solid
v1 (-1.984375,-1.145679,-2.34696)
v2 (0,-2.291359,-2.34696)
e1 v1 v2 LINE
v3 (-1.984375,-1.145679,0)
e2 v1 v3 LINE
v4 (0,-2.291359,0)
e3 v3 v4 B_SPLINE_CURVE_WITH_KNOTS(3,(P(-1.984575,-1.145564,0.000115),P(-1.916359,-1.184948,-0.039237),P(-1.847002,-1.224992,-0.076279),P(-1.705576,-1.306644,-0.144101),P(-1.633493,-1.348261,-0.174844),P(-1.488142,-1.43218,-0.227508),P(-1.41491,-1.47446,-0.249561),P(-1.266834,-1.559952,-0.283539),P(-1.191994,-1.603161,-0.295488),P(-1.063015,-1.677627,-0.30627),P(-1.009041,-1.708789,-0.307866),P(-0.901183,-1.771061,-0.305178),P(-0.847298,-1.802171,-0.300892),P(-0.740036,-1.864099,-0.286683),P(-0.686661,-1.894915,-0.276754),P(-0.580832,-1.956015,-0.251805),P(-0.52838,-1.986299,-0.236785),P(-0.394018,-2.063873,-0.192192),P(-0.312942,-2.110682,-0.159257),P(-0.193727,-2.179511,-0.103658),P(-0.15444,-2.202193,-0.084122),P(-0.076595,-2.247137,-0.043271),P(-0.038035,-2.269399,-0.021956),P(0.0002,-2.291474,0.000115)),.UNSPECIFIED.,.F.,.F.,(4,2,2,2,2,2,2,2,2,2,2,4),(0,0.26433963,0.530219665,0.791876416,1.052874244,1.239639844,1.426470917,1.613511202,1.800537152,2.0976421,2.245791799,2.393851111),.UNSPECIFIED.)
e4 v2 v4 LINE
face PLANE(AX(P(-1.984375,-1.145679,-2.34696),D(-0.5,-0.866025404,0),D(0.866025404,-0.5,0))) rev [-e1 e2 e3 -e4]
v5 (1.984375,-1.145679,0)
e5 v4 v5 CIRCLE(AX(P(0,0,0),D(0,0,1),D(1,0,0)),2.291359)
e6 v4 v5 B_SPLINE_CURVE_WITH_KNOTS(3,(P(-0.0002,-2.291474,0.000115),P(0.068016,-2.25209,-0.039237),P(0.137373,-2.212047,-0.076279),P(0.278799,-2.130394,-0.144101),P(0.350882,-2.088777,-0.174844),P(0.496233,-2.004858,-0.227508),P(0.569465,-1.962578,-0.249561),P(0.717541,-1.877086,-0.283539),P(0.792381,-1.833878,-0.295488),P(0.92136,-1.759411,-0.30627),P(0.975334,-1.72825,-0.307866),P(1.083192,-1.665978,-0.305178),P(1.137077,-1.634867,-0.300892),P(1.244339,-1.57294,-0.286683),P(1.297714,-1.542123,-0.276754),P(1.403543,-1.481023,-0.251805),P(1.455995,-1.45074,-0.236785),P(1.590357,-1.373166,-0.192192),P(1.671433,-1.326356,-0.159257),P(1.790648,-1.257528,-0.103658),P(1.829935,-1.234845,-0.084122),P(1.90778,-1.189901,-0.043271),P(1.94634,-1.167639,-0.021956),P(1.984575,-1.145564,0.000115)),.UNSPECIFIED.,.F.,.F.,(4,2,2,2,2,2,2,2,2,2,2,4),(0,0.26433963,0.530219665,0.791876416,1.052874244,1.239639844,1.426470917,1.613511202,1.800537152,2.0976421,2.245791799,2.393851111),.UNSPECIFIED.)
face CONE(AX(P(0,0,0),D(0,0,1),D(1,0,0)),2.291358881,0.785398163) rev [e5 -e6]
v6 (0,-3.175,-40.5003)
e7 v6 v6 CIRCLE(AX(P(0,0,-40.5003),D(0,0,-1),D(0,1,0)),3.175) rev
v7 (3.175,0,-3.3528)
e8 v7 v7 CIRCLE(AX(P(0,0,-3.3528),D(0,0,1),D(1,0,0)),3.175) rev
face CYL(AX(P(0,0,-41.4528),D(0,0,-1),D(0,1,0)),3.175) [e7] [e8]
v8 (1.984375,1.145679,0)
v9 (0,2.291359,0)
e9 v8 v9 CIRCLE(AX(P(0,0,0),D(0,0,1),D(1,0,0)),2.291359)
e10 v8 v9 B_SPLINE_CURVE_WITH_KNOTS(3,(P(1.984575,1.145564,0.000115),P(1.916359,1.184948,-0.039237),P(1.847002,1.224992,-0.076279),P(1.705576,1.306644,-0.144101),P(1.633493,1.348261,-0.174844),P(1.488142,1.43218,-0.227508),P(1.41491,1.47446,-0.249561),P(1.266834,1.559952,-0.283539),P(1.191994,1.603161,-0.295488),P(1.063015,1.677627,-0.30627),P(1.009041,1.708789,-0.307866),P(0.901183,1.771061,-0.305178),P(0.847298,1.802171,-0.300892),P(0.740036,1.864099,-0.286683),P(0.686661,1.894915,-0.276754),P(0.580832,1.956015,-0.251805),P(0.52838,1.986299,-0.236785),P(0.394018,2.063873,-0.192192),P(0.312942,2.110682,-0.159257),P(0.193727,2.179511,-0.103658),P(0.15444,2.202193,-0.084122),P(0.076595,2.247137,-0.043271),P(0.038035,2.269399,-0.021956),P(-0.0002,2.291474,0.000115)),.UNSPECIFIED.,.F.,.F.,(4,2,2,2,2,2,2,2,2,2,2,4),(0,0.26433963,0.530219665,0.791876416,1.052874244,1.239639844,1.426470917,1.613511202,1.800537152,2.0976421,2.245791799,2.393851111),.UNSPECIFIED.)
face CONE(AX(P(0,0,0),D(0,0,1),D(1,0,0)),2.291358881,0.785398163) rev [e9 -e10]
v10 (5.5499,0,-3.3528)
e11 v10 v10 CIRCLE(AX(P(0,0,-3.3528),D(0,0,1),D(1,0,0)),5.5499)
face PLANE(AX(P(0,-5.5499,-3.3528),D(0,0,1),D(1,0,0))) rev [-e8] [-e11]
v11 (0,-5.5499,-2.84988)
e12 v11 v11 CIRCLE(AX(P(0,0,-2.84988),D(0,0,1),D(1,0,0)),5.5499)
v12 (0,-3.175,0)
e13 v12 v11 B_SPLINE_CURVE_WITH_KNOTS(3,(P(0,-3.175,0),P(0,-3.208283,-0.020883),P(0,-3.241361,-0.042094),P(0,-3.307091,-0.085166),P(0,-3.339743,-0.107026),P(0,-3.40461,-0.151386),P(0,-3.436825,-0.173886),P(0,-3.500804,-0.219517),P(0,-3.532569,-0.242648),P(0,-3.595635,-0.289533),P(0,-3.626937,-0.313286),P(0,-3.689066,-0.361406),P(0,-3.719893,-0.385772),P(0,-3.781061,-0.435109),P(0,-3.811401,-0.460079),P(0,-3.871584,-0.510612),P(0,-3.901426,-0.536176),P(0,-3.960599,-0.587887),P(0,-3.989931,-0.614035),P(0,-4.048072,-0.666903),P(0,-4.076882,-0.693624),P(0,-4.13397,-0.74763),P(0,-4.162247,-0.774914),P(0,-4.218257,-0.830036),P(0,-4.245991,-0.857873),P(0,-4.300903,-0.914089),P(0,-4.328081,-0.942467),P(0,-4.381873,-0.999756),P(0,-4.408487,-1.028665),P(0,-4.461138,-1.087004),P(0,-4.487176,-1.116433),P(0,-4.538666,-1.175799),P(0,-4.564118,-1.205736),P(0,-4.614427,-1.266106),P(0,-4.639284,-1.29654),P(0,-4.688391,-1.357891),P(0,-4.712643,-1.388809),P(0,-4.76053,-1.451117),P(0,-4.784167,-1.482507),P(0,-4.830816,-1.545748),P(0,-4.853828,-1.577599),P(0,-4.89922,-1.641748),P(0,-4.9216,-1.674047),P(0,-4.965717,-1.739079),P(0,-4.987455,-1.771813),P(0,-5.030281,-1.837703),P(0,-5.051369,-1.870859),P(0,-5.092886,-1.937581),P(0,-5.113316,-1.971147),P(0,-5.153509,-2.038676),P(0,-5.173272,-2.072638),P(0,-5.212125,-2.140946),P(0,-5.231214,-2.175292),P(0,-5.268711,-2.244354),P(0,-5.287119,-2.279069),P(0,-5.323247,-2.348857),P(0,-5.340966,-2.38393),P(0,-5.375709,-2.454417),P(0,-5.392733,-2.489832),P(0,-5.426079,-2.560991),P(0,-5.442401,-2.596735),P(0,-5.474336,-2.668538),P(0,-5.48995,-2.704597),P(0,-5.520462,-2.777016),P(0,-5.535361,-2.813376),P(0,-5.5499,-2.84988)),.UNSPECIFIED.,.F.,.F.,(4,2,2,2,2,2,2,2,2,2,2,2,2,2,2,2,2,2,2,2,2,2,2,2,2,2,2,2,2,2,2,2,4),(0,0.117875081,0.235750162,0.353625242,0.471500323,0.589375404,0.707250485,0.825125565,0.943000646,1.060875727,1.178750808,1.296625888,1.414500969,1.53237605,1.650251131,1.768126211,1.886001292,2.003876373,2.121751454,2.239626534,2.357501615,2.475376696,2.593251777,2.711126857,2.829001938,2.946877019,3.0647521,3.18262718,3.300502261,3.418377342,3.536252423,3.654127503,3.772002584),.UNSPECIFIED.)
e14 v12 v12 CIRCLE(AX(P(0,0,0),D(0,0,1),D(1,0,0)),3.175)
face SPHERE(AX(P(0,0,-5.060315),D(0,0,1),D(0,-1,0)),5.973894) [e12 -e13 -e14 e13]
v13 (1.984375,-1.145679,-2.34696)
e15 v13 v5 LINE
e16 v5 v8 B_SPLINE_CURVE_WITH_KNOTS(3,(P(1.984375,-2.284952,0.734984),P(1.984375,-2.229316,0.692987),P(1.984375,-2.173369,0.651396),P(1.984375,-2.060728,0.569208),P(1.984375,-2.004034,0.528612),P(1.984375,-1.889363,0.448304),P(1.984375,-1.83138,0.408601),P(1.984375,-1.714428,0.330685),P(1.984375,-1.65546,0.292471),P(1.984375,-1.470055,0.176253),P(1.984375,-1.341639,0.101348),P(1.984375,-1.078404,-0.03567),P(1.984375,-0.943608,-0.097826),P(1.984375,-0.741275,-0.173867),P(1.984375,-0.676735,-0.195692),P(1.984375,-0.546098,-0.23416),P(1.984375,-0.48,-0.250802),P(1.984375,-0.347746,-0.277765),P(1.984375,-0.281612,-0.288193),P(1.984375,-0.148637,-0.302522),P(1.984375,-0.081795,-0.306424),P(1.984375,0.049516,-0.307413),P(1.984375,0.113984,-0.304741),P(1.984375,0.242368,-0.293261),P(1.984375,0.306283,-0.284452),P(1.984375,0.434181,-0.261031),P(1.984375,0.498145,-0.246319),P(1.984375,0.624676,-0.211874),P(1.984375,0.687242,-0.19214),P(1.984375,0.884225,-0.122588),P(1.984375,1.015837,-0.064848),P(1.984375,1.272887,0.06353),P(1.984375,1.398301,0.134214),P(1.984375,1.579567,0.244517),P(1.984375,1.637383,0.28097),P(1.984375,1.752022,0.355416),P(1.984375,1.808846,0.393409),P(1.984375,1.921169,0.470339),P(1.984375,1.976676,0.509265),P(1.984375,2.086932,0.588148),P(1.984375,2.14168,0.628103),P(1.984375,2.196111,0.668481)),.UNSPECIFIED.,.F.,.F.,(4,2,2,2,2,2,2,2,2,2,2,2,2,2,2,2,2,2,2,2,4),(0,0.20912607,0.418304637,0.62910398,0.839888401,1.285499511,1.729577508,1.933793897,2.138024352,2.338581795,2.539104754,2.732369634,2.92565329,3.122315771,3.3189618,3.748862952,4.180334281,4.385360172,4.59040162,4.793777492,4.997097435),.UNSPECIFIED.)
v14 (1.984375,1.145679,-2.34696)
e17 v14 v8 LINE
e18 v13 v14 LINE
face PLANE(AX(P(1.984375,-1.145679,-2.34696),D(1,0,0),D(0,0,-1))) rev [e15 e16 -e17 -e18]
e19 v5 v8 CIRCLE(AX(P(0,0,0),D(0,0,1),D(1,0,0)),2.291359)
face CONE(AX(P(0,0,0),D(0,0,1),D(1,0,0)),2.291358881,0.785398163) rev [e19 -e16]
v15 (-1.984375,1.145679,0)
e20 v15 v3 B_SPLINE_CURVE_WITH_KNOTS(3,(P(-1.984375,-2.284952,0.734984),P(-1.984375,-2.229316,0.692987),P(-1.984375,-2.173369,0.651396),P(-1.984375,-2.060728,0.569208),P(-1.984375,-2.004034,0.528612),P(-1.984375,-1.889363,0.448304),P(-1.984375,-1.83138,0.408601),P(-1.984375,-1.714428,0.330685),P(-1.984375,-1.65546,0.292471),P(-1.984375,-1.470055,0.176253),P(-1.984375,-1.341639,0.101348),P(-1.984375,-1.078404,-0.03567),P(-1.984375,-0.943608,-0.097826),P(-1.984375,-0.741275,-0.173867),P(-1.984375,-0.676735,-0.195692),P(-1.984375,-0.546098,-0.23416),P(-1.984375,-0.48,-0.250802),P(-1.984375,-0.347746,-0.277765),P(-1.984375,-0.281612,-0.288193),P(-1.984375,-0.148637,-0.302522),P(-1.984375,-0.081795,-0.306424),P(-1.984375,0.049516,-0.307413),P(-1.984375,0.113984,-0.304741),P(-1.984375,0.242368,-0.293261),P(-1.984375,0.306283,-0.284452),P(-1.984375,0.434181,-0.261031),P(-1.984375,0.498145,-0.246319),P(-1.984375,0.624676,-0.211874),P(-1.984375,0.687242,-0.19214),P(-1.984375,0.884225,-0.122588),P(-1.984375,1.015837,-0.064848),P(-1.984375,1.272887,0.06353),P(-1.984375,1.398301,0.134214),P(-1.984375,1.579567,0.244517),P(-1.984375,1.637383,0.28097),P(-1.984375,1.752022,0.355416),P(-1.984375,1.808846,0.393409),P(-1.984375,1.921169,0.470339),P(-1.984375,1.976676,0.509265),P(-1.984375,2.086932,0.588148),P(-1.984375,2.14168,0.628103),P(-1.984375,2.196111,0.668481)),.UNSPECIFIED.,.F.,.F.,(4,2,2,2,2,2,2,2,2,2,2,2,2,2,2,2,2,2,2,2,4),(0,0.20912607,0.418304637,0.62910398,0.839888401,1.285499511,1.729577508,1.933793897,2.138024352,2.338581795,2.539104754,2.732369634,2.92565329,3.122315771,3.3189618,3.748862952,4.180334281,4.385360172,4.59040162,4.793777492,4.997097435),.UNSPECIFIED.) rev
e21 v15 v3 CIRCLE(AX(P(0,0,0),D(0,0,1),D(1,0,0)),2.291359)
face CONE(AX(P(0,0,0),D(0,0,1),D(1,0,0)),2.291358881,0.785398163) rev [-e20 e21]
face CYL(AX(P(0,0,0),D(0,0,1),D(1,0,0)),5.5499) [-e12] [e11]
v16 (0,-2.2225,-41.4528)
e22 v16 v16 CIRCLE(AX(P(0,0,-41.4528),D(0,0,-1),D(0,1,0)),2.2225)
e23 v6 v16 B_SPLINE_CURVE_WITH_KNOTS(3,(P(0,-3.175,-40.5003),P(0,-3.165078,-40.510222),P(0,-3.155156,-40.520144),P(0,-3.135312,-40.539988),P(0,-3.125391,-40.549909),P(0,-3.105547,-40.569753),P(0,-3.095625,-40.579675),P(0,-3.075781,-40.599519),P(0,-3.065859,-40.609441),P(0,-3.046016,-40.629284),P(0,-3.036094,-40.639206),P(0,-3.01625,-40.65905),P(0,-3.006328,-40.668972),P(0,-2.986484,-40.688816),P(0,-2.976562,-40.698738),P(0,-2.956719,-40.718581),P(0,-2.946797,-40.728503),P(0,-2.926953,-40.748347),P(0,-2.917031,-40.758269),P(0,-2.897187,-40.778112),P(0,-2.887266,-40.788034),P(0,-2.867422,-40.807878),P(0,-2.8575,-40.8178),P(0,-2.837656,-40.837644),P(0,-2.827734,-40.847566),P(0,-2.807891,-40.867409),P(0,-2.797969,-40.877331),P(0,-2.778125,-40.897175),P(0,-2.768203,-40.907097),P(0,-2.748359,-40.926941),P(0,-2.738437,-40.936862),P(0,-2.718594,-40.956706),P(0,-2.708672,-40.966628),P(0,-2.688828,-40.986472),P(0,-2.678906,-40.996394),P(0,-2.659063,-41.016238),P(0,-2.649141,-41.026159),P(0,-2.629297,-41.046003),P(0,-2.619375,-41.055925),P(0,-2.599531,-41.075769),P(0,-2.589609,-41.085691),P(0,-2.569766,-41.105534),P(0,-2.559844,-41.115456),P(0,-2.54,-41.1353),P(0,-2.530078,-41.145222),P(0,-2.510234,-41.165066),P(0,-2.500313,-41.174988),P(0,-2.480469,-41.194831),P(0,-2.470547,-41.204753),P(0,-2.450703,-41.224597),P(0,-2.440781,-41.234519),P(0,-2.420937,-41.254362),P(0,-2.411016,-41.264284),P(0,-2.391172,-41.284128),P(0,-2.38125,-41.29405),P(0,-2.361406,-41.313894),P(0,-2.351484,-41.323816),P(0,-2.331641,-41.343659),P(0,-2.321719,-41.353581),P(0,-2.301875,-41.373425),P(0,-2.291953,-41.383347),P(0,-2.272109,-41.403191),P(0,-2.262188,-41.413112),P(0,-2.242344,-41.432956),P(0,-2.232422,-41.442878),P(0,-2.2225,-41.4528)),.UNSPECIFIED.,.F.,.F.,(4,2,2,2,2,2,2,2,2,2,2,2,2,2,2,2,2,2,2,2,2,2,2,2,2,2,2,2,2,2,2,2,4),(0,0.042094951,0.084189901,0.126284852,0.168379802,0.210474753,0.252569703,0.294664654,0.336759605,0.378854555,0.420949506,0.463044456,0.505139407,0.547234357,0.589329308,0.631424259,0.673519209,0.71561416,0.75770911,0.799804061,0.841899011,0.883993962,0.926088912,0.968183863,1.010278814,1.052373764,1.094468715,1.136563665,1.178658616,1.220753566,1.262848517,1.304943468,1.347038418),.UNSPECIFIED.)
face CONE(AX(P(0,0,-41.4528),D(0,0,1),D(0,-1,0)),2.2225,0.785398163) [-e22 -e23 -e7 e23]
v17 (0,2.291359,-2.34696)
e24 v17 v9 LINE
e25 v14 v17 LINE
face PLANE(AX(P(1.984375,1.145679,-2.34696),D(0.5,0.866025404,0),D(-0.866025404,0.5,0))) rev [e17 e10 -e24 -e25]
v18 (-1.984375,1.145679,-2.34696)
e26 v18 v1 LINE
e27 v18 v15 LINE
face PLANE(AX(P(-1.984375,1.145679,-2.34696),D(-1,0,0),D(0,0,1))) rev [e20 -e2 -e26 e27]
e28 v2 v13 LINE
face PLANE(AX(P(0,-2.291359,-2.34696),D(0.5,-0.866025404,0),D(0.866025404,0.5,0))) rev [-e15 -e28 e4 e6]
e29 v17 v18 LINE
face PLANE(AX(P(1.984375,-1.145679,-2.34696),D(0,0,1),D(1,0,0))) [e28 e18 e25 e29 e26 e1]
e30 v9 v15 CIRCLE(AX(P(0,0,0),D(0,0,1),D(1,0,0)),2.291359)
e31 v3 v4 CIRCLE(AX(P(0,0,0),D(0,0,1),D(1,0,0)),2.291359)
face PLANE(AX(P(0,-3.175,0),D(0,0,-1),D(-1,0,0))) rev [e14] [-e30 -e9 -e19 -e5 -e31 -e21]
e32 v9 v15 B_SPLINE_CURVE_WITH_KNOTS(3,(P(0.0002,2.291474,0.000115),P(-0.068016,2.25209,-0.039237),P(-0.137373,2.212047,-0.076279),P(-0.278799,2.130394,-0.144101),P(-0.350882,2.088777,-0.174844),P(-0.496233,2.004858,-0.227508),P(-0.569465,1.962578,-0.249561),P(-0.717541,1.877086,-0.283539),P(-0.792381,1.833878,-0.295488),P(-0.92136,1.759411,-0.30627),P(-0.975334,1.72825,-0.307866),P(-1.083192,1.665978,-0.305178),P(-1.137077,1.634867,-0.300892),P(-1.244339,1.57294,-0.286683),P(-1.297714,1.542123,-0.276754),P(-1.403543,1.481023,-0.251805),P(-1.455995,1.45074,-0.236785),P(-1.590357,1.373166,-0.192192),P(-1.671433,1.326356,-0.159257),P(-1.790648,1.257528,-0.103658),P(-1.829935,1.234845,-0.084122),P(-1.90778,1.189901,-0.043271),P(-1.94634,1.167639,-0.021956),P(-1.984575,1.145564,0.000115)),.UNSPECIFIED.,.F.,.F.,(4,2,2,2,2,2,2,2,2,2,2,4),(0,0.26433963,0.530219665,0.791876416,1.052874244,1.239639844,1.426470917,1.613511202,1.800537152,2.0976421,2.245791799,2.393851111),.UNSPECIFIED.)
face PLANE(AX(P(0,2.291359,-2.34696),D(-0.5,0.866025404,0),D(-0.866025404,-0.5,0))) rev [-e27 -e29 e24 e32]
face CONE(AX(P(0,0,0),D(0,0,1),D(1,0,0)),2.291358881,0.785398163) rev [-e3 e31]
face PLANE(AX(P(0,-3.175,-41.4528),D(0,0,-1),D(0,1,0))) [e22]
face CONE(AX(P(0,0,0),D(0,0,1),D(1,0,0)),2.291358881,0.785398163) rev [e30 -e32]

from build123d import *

# Parameters (mm, degrees)
SKETCH1_W          = 38.1
SKETCH1_H          = 3.175
CHAMFER1_SIZE      = 0.9525
CUT_EXTRUDE2_DEPTH = 2.34696


with BuildPart() as part:
    # Sketch1 → Revolve1 (revolve)
    with BuildSketch(Plane(origin=(0, 0, 0), x_dir=(0, 0, -1), z_dir=(1, 0, 0))):
        with Locations((22.4028, 1.5875)):
            Rectangle(SKETCH1_W, SKETCH1_H)
    revolve(axis=Axis((0, 0, -41.4528), (0, 0, 1)))

    # Chamfer1
    chamfer1_edges = [part.edges().sort_by_distance(p)[0] for p in [
        (0, -3.175, -41.4528),
    ]]
    chamfer(chamfer1_edges, length=CHAMFER1_SIZE)

    # Sketch7 → Revolve2 (revolve)
    with BuildSketch(Plane(origin=(0, 0, 0), x_dir=(0, 0, -1), z_dir=(1, 0, 0))):
        with BuildLine():
            Line((2.84988, 5.5499), (3.3528, 5.5499))
            Line((3.3528, 5.5499), (3.3528, 0))
            Line((3.3528, 0), (0, 0))
            Line((0, 0), (0, 3.175))
            ThreePointArc((0, 3.175), (1.235921075, 4.58927271), (2.84988, 5.5499))
        make_face()
    revolve(axis=Axis((0, 0, 0), (0, 0, -1)))

    # Sketch5 → Cut-Extrude2 (cut)
    with BuildSketch(Plane.XY):
        Polygon((1.984375, -1.14567944), (1.984375, 1.14567944), (0, 2.291358881), (-1.984375, 1.14567944), (-1.984375, -1.14567944), (0, -2.291358881), align=None)
    extrude(amount=-CUT_EXTRUDE2_DEPTH, mode=Mode.SUBTRACT)

    # Cut-Extrude3 cone 1 section (through the dimple's axis) → Cut-Extrude3 (revolve, cut)
    with BuildSketch(Plane(origin=(0, 0, 0), x_dir=(0, -1, 0), z_dir=(1, 0, 0))):
        Polygon((0, 0), (2.291358881, 0), (0, 2.291358881), align=None)
    revolve(axis=Axis((0, 0, 0), (0, 0, -1)), mode=Mode.SUBTRACT)


solid = part.part
